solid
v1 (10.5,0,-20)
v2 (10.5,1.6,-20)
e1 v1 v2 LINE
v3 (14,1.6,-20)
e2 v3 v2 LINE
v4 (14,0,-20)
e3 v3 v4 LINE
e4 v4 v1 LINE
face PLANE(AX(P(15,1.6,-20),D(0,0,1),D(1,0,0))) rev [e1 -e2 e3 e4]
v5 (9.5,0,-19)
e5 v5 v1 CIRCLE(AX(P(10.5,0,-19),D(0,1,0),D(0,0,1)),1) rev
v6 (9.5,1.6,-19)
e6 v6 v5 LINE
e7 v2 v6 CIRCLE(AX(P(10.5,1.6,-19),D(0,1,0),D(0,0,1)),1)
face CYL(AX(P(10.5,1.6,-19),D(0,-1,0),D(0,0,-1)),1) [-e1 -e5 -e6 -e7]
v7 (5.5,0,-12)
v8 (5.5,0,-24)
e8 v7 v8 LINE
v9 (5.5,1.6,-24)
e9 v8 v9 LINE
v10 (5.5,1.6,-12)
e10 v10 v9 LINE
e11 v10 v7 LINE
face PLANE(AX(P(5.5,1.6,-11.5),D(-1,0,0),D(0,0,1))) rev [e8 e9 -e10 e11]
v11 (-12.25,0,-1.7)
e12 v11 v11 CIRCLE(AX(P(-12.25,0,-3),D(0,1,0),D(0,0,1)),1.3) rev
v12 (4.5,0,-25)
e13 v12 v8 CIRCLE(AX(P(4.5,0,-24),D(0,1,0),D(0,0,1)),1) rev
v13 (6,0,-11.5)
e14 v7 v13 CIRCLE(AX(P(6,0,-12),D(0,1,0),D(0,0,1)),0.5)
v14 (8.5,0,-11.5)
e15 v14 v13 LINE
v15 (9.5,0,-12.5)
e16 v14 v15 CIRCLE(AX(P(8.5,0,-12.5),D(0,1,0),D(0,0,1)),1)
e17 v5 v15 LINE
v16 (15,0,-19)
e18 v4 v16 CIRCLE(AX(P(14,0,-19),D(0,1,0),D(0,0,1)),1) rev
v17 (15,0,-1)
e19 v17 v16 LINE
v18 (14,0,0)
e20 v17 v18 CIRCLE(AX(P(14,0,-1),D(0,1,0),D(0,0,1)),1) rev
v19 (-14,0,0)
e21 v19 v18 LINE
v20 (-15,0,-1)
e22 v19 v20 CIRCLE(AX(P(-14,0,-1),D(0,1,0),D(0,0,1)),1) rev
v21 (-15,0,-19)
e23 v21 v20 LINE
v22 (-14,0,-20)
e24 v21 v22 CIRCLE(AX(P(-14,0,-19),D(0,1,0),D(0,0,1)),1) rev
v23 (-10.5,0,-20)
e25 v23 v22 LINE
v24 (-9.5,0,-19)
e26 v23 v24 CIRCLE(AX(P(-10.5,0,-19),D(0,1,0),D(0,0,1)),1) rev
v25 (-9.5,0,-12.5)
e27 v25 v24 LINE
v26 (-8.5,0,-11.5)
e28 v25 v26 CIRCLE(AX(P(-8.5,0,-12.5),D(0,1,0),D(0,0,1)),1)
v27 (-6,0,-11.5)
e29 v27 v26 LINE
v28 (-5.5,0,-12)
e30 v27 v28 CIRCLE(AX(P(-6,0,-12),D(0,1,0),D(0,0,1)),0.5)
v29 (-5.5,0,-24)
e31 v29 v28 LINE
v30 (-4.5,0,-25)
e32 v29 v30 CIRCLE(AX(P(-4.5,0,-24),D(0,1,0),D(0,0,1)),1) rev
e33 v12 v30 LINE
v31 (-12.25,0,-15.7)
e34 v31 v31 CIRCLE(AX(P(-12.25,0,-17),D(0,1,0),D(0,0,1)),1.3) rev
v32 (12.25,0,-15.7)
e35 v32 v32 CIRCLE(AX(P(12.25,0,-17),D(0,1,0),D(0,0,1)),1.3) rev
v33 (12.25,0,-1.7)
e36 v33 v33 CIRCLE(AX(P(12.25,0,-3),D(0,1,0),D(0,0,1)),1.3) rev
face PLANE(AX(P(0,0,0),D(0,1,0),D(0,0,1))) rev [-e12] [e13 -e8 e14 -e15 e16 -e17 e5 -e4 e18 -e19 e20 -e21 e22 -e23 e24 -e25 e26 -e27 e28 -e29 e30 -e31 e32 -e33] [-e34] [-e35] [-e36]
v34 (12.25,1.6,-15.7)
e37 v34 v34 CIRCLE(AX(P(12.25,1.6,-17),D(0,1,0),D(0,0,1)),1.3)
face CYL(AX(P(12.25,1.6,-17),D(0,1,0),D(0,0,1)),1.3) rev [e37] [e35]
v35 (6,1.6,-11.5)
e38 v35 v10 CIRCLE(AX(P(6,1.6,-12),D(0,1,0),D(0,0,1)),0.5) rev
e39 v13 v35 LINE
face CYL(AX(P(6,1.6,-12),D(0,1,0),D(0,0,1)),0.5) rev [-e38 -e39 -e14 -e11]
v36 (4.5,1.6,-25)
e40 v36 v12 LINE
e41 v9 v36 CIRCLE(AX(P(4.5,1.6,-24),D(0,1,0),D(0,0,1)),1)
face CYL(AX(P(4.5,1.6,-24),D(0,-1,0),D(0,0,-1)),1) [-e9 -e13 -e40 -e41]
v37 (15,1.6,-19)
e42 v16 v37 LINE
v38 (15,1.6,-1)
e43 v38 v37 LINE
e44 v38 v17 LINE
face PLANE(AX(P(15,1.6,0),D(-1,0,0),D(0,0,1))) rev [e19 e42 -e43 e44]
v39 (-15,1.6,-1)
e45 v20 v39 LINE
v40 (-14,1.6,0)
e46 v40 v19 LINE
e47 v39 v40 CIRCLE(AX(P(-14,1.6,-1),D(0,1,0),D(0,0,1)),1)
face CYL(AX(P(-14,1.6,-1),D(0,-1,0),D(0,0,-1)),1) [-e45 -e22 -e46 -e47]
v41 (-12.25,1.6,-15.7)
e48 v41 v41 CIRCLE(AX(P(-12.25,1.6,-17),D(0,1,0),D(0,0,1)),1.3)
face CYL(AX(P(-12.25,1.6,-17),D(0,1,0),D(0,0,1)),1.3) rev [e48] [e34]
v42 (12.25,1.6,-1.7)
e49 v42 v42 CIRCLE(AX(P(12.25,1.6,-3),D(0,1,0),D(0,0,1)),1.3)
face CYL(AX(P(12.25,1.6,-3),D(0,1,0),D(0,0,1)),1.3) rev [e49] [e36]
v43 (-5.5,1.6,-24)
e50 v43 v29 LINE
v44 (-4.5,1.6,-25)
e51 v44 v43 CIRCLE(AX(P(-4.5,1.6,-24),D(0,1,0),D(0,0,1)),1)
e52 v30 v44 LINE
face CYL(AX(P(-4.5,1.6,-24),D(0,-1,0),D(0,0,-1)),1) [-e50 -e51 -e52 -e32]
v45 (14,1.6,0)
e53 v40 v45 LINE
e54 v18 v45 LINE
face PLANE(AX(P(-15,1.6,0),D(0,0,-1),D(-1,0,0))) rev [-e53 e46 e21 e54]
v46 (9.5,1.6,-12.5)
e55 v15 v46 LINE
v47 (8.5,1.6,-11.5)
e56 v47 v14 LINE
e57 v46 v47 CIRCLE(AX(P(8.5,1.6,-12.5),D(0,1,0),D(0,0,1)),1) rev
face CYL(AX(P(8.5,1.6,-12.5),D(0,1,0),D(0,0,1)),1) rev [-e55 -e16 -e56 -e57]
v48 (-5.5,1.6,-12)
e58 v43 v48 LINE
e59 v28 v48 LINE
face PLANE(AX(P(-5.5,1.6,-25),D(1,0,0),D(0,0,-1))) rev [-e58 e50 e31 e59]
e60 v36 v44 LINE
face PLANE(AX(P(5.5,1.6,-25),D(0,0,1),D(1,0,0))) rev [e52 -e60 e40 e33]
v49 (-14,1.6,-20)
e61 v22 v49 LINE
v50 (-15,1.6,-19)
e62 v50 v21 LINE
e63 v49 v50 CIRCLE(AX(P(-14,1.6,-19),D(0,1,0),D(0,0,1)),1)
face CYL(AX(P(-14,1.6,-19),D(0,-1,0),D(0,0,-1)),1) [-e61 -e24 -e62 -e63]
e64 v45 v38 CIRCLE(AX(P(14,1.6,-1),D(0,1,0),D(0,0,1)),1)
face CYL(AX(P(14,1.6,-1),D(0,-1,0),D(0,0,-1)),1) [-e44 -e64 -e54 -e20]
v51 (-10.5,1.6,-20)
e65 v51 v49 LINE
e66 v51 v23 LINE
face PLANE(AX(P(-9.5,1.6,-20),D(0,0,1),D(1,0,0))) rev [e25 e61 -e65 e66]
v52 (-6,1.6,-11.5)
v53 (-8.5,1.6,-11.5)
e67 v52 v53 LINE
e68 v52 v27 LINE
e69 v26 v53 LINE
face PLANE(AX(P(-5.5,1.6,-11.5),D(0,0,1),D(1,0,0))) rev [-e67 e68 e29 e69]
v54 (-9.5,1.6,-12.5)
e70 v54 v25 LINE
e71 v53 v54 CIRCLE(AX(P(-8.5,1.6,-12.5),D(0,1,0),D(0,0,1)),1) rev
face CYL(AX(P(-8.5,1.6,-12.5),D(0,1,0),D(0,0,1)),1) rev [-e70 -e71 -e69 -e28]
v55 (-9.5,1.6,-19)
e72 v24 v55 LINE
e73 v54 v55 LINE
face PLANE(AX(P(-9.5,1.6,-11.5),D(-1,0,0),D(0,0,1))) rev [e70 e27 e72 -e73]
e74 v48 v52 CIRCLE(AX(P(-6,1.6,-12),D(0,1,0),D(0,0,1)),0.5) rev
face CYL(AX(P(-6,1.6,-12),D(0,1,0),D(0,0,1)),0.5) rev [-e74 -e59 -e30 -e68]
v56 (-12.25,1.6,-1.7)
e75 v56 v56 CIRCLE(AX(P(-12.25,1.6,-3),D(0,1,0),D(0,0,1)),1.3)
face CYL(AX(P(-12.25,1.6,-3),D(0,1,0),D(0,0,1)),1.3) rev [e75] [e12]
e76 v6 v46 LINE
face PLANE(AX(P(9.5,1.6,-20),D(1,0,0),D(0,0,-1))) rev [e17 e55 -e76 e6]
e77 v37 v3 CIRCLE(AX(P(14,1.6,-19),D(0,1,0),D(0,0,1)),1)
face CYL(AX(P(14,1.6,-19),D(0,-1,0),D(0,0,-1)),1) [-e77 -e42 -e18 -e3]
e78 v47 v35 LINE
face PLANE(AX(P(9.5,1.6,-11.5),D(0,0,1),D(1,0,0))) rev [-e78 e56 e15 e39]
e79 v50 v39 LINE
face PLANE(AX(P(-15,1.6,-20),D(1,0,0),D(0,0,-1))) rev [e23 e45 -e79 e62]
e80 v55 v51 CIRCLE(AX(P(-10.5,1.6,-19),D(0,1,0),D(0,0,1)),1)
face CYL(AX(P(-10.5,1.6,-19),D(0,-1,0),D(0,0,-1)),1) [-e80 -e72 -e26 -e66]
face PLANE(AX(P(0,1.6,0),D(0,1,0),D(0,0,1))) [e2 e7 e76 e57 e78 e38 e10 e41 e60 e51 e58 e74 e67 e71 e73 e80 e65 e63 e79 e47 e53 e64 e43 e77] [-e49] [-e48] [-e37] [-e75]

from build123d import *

# Parameters (mm, degrees)
BOSS_EXTRUDE1_DEPTH      = 1.6
FILLET1_R                = 1
M2_CLEARANCE_HOLE1_D     = 2.6
M2_CLEARANCE_HOLE1_DEPTH = 1.6
M2_CLEARANCE_HOLE1_TIP   = 0.781118805
FILLET2_R                = 0.5


with BuildPart() as part:
    # Sketch1 → Boss-Extrude1 (new body)
    with BuildSketch(Plane(origin=(0, 0, 0), x_dir=(1, 0, 0), z_dir=(0, 1, 0))):
        Polygon((-15, 20), (-15, 0), (15, 0), (15, 20), (9.5, 20), (9.5, 11.5), (5.5, 11.5), (5.5, 25), (-5.5, 25), (-5.5, 11.5), (-9.5, 11.5), (-9.5, 20), align=None)
    extrude(amount=BOSS_EXTRUDE1_DEPTH)

    # Fillet1
    fillet1_edges = [part.edges().sort_by_distance(p)[0] for p in [
        (-9.5, 0.8, -20),
        (-9.5, 0.8, -11.5),
        (-5.5, 0.8, -25),
        (5.5, 0.8, -25),
        (9.5, 0.8, -11.5),
        (9.5, 0.8, -20),
        (15, 0.8, -20),
        (15, 0.8, 0),
        (-15, 0.8, 0),
        (-15, 0.8, -20),
    ]]
    fillet(fillet1_edges, radius=FILLET1_R)

    # M2 Clearance Hole1
    with Locations(Plane(origin=(0, 1.6, 0), x_dir=(1, 0, 0), z_dir=(0, 1, 0))):
        with Locations((-12.25, 17), (-12.25, 3), (12.25, 3), (12.25, 17)):
            Hole(M2_CLEARANCE_HOLE1_D / 2, depth=M2_CLEARANCE_HOLE1_DEPTH)
            with Locations((0, 0, -(M2_CLEARANCE_HOLE1_DEPTH + M2_CLEARANCE_HOLE1_TIP / 2))):  # 118° drill point
                Cone(0, M2_CLEARANCE_HOLE1_D / 2, M2_CLEARANCE_HOLE1_TIP, mode=Mode.SUBTRACT)

    # Fillet2
    fillet2_edges = [part.edges().sort_by_distance(p)[0] for p in [
        (-5.5, 0.8, -11.5),
        (5.5, 0.8, -11.5),
    ]]
    fillet(fillet2_edges, radius=FILLET2_R)


solid = part.part
